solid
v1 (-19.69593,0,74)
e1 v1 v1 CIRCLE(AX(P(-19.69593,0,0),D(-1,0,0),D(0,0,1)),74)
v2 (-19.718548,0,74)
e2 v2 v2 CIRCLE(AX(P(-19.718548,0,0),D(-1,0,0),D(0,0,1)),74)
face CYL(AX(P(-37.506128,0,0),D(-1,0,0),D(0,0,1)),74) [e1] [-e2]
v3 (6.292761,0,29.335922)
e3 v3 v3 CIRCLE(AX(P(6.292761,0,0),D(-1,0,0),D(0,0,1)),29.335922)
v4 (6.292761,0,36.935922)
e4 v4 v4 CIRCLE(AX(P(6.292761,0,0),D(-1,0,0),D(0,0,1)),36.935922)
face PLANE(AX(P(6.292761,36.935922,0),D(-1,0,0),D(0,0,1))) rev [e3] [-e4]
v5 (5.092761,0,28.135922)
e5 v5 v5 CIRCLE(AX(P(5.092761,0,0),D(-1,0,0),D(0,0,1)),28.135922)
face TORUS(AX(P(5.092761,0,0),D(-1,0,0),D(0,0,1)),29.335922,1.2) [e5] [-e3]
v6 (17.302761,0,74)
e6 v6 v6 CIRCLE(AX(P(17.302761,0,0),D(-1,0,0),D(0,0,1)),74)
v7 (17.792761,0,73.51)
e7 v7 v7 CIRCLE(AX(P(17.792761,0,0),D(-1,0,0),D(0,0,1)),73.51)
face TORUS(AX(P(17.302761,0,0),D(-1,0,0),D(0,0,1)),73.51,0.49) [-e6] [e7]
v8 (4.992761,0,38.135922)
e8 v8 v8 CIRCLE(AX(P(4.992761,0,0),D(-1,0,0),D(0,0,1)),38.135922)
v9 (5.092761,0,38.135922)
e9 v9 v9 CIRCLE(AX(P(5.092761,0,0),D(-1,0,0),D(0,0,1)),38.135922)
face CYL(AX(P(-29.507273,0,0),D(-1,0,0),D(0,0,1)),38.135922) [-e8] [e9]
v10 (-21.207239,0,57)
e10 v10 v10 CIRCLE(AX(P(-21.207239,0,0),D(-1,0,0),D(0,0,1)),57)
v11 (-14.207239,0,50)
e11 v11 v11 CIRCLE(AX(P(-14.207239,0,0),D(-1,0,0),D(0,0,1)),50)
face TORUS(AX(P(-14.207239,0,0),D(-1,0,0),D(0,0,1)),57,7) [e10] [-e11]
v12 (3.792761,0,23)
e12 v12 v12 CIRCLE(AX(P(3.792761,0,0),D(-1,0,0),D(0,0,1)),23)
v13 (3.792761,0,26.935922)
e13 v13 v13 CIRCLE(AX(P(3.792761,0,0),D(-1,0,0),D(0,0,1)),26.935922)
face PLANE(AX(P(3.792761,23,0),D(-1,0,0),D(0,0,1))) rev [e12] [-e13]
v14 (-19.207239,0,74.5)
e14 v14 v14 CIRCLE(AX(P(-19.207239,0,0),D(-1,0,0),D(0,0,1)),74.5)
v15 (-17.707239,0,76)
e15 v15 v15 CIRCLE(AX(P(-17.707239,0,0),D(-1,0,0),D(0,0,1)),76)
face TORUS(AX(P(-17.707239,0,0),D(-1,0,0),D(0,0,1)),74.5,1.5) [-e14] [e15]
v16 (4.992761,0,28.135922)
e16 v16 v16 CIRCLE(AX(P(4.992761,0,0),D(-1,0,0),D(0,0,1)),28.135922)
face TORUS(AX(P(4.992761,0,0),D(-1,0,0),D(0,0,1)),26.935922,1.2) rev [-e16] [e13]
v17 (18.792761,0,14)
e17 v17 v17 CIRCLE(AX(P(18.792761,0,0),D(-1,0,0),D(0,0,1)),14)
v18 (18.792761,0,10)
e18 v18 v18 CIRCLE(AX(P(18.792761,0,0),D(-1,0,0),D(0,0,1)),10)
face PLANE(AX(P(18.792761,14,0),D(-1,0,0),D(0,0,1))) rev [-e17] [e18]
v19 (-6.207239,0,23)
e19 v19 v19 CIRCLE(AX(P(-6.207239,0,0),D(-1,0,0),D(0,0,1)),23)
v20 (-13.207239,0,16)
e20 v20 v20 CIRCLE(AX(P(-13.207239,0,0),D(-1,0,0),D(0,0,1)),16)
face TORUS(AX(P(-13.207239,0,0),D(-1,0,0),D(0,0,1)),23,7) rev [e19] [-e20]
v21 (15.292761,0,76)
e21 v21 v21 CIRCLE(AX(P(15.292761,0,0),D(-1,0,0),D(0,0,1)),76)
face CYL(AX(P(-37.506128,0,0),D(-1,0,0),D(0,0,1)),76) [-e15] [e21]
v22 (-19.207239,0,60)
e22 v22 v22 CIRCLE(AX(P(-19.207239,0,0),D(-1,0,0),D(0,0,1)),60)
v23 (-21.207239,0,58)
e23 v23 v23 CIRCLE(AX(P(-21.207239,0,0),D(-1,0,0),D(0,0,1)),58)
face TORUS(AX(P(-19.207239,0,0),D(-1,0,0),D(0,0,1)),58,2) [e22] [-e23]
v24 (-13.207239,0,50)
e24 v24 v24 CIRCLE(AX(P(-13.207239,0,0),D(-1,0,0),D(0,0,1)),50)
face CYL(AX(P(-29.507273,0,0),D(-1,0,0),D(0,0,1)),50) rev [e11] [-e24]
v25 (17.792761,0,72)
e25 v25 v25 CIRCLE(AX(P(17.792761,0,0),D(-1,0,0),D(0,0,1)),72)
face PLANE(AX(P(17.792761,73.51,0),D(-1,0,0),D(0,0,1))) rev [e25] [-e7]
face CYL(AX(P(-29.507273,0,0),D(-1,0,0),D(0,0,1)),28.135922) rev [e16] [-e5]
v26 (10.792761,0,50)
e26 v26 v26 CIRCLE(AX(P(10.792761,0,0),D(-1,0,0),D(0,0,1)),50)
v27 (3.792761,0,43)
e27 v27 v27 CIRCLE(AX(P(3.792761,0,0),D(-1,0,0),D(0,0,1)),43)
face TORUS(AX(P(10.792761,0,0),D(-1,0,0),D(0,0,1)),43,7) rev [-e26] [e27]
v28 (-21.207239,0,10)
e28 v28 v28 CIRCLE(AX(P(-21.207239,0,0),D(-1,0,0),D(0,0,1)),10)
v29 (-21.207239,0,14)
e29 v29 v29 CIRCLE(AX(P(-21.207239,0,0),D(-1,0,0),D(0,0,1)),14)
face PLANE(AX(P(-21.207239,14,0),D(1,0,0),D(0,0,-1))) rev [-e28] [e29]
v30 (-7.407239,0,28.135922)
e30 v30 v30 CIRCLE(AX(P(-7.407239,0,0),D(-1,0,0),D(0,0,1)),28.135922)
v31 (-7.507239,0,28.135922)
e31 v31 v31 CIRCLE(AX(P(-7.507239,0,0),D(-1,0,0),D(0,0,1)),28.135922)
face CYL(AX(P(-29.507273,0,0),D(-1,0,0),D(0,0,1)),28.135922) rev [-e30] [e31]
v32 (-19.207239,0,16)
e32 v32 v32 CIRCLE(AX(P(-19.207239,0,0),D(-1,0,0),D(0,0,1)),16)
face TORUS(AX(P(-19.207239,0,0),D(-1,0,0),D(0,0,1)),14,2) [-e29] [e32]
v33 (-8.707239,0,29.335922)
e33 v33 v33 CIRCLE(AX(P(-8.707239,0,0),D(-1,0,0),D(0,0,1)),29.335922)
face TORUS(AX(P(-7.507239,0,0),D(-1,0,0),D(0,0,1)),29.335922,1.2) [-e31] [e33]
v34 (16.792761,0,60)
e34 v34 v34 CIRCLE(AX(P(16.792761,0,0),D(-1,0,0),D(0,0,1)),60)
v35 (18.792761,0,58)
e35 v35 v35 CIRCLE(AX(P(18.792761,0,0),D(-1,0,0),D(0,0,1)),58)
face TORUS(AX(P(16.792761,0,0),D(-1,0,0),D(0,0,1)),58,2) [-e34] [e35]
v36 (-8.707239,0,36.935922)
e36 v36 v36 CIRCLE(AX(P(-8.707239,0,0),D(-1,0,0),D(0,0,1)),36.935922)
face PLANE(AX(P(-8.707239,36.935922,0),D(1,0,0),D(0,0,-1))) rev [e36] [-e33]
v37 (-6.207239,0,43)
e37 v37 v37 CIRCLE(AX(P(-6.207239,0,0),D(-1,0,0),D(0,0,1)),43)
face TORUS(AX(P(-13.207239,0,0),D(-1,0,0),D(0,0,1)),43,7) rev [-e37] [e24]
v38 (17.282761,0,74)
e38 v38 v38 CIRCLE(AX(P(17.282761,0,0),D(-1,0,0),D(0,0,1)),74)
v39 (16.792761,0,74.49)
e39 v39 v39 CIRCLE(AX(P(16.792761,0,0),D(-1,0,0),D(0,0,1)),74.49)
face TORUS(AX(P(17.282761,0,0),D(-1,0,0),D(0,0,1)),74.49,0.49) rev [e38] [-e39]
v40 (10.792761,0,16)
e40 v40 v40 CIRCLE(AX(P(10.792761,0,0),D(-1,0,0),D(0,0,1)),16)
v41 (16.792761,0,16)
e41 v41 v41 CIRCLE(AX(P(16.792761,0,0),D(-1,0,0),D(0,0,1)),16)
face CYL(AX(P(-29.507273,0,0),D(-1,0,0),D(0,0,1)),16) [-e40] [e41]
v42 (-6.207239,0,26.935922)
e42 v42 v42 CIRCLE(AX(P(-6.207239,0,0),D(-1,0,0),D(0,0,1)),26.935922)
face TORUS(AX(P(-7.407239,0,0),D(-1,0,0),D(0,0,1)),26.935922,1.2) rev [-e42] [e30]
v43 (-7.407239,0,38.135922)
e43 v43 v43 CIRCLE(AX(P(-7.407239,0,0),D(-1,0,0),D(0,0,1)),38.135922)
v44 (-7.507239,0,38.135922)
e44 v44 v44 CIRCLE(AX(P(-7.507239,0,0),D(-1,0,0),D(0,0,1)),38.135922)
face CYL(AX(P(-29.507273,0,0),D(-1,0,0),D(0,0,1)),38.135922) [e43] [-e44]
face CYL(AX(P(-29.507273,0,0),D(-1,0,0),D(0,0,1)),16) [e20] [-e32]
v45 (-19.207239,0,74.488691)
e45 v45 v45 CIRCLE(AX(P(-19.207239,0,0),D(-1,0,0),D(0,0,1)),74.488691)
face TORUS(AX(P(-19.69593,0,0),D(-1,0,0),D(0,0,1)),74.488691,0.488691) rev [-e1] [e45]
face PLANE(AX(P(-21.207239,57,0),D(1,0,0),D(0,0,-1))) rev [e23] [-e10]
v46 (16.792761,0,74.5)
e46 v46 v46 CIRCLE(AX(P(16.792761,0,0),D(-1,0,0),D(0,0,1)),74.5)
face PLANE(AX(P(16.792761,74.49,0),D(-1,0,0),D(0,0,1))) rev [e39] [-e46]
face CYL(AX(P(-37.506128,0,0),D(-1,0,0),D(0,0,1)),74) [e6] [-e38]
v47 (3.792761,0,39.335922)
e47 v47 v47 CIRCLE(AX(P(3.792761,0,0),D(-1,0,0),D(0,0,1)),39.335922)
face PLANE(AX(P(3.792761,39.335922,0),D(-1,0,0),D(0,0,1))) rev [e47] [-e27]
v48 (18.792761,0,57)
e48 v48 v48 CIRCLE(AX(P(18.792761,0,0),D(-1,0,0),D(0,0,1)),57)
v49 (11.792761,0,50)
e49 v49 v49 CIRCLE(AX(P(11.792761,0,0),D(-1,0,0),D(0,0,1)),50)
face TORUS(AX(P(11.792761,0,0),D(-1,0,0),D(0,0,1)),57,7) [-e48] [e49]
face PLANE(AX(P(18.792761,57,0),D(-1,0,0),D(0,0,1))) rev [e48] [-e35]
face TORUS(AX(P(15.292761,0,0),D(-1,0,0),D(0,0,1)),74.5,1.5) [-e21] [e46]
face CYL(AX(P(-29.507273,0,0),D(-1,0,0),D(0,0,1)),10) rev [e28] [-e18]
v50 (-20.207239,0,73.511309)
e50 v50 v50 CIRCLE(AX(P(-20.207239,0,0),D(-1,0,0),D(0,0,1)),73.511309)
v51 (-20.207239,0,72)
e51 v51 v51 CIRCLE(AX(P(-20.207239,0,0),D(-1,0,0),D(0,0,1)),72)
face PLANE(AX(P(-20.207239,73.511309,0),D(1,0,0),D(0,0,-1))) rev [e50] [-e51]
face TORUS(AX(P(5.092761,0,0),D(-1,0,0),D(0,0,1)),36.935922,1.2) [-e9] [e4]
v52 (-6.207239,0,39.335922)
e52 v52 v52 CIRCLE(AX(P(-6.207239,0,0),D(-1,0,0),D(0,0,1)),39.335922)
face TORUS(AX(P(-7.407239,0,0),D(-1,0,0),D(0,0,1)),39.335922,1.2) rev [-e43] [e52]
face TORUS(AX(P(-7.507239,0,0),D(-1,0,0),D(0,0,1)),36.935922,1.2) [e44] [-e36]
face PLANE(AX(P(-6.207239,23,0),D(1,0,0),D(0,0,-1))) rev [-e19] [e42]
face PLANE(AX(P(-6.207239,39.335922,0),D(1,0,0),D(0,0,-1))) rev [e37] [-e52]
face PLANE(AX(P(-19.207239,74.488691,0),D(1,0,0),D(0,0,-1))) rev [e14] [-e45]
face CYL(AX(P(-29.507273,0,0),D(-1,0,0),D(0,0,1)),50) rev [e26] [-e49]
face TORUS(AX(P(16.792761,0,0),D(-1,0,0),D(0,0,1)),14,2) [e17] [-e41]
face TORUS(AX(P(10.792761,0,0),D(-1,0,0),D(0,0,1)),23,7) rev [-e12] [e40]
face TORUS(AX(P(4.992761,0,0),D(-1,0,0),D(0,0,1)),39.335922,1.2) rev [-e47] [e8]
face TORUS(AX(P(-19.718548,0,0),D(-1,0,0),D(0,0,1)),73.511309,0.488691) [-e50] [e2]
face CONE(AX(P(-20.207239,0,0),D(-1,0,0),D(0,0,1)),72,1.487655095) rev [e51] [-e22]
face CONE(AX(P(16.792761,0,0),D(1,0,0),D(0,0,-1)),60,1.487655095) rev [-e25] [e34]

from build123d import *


with BuildPart() as part:
    # Sketch1 → Revolve1 (revolve)
    with BuildSketch(Plane.XY, mode=Mode.PRIVATE) as revolve1_sk:
        with BuildLine():
            Line((4.992760816, 38.135922425), (5.092760816, 38.135922425))
            ThreePointArc((5.092760816, 38.135922425), (5.941288954, 37.784450563), (6.292760816, 36.935922425))
            Line((6.292760816, 36.935922425), (6.292760816, 29.335922425))
            ThreePointArc((6.292760816, 29.335922425), (5.941288954, 28.487394288), (5.092760816, 28.135922425))
            Line((5.092760816, 28.135922425), (4.992760816, 28.135922425))
            ThreePointArc((4.992760816, 28.135922425), (4.144232679, 27.784450563), (3.792760816, 26.935922425))
            Line((3.792760816, 26.935922425), (3.792760816, 23))
            ThreePointArc((3.792760816, 23), (5.843013348, 18.050252532), (10.792760816, 16))
            Line((10.792760816, 16), (16.792760816, 16))
            ThreePointArc((16.792760816, 16), (18.206974379, 15.414213562), (18.792760816, 14))
            Line((18.792760816, 14), (18.792760816, 10))
            Line((18.792760816, 10), (-21.207239184, 10))
            Line((-21.207239184, 10), (-21.207239184, 14))
            ThreePointArc((-21.207239184, 14), (-20.621452746, 15.414213562), (-19.207239184, 16))
            Line((-19.207239184, 16), (-13.207239184, 16))
            ThreePointArc((-13.207239184, 16), (-8.257491716, 18.050252532), (-6.207239184, 23))
            Line((-6.207239184, 23), (-6.207239184, 26.935922425))
            ThreePointArc((-6.207239184, 26.935922425), (-6.558711046, 27.784450563), (-7.407239184, 28.135922425))
            Line((-7.407239184, 28.135922425), (-7.507239184, 28.135922425))
            ThreePointArc((-7.507239184, 28.135922425), (-8.355767321, 28.487394288), (-8.707239184, 29.335922425))
            Line((-8.707239184, 29.335922425), (-8.707239184, 36.935922425))
            ThreePointArc((-8.707239184, 36.935922425), (-8.355767321, 37.784450563), (-7.507239184, 38.135922425))
            Line((-7.507239184, 38.135922425), (-7.407239184, 38.135922425))
            ThreePointArc((-7.407239184, 38.135922425), (-6.558711046, 38.487394288), (-6.207239184, 39.335922425))
            Line((-6.207239184, 39.335922425), (-6.207239184, 43))
            ThreePointArc((-6.207239184, 43), (-8.257491716, 47.949747468), (-13.207239184, 50))
            Line((-13.207239184, 50), (-14.207239184, 50))
            ThreePointArc((-14.207239184, 50), (-19.156986652, 52.050252532), (-21.207239184, 57))
            Line((-21.207239184, 57), (-21.207239184, 58))
            ThreePointArc((-21.207239184, 58), (-20.621452746, 59.414213562), (-19.207239184, 60))
            Line((-19.207239184, 60), (16.792760816, 60))
            ThreePointArc((16.792760816, 60), (18.206974379, 59.414213562), (18.792760816, 58))
            Line((18.792760816, 58), (18.792760816, 57))
            ThreePointArc((18.792760816, 57), (16.742508284, 52.050252532), (11.792760816, 50))
            Line((11.792760816, 50), (10.792760816, 50))
            ThreePointArc((10.792760816, 50), (5.843013348, 47.949747468), (3.792760816, 43))
            Line((3.792760816, 43), (3.792760816, 39.335922425))
            ThreePointArc((3.792760816, 39.335922425), (4.144232679, 38.487394288), (4.992760816, 38.135922425))
        make_face()
    revolve(revolve1_sk.sketch.rotate(Axis((-29.507272567, 0, 0), (1, 0, 0)), 90), axis=Axis((-29.507272567, 0, 0), (1, 0, 0)))

    # Sketch2 → Revolve2 (revolve)
    with BuildSketch(Plane.XY, mode=Mode.PRIVATE) as revolve2_sk:
        with BuildLine():
            Line((-20.207239184, 72), (-19.207239184, 60))
            Line((-19.207239184, 60), (16.792760816, 60))
            Line((16.792760816, 60), (17.792760816, 72))
            Line((17.792760816, 72), (17.792760816, 73.51))
            ThreePointArc((17.792760816, 73.51), (17.649243139, 73.856482323), (17.302760816, 74))
            Line((17.302760816, 74), (17.282760816, 74))
            ThreePointArc((17.282760816, 74), (16.936278493, 74.143517677), (16.792760816, 74.49))
            Line((16.792760816, 74.49), (16.792760816, 74.5))
            ThreePointArc((16.792760816, 74.5), (16.353420988, 75.560660172), (15.292760816, 76))
            Line((15.292760816, 76), (-17.707239184, 76))
            ThreePointArc((-17.707239184, 76), (-18.767899356, 75.560660172), (-19.207239184, 74.5))
            Line((-19.207239184, 74.5), (-19.207239184, 74.488690702))
            ThreePointArc((-19.207239184, 74.488690702), (-19.350373376, 74.143134193), (-19.695929886, 74))
            Line((-19.695929886, 74), (-19.718548482, 74))
            ThreePointArc((-19.718548482, 74), (-20.064104991, 73.856865807), (-20.207239184, 73.511309298))
            Line((-20.207239184, 73.511309298), (-20.207239184, 72))
        make_face()
    revolve(revolve2_sk.sketch.rotate(Axis((-37.506128167, 0, 0), (1, 0, 0)), 90), axis=Axis((-37.506128167, 0, 0), (1, 0, 0)))


solid = part.part
